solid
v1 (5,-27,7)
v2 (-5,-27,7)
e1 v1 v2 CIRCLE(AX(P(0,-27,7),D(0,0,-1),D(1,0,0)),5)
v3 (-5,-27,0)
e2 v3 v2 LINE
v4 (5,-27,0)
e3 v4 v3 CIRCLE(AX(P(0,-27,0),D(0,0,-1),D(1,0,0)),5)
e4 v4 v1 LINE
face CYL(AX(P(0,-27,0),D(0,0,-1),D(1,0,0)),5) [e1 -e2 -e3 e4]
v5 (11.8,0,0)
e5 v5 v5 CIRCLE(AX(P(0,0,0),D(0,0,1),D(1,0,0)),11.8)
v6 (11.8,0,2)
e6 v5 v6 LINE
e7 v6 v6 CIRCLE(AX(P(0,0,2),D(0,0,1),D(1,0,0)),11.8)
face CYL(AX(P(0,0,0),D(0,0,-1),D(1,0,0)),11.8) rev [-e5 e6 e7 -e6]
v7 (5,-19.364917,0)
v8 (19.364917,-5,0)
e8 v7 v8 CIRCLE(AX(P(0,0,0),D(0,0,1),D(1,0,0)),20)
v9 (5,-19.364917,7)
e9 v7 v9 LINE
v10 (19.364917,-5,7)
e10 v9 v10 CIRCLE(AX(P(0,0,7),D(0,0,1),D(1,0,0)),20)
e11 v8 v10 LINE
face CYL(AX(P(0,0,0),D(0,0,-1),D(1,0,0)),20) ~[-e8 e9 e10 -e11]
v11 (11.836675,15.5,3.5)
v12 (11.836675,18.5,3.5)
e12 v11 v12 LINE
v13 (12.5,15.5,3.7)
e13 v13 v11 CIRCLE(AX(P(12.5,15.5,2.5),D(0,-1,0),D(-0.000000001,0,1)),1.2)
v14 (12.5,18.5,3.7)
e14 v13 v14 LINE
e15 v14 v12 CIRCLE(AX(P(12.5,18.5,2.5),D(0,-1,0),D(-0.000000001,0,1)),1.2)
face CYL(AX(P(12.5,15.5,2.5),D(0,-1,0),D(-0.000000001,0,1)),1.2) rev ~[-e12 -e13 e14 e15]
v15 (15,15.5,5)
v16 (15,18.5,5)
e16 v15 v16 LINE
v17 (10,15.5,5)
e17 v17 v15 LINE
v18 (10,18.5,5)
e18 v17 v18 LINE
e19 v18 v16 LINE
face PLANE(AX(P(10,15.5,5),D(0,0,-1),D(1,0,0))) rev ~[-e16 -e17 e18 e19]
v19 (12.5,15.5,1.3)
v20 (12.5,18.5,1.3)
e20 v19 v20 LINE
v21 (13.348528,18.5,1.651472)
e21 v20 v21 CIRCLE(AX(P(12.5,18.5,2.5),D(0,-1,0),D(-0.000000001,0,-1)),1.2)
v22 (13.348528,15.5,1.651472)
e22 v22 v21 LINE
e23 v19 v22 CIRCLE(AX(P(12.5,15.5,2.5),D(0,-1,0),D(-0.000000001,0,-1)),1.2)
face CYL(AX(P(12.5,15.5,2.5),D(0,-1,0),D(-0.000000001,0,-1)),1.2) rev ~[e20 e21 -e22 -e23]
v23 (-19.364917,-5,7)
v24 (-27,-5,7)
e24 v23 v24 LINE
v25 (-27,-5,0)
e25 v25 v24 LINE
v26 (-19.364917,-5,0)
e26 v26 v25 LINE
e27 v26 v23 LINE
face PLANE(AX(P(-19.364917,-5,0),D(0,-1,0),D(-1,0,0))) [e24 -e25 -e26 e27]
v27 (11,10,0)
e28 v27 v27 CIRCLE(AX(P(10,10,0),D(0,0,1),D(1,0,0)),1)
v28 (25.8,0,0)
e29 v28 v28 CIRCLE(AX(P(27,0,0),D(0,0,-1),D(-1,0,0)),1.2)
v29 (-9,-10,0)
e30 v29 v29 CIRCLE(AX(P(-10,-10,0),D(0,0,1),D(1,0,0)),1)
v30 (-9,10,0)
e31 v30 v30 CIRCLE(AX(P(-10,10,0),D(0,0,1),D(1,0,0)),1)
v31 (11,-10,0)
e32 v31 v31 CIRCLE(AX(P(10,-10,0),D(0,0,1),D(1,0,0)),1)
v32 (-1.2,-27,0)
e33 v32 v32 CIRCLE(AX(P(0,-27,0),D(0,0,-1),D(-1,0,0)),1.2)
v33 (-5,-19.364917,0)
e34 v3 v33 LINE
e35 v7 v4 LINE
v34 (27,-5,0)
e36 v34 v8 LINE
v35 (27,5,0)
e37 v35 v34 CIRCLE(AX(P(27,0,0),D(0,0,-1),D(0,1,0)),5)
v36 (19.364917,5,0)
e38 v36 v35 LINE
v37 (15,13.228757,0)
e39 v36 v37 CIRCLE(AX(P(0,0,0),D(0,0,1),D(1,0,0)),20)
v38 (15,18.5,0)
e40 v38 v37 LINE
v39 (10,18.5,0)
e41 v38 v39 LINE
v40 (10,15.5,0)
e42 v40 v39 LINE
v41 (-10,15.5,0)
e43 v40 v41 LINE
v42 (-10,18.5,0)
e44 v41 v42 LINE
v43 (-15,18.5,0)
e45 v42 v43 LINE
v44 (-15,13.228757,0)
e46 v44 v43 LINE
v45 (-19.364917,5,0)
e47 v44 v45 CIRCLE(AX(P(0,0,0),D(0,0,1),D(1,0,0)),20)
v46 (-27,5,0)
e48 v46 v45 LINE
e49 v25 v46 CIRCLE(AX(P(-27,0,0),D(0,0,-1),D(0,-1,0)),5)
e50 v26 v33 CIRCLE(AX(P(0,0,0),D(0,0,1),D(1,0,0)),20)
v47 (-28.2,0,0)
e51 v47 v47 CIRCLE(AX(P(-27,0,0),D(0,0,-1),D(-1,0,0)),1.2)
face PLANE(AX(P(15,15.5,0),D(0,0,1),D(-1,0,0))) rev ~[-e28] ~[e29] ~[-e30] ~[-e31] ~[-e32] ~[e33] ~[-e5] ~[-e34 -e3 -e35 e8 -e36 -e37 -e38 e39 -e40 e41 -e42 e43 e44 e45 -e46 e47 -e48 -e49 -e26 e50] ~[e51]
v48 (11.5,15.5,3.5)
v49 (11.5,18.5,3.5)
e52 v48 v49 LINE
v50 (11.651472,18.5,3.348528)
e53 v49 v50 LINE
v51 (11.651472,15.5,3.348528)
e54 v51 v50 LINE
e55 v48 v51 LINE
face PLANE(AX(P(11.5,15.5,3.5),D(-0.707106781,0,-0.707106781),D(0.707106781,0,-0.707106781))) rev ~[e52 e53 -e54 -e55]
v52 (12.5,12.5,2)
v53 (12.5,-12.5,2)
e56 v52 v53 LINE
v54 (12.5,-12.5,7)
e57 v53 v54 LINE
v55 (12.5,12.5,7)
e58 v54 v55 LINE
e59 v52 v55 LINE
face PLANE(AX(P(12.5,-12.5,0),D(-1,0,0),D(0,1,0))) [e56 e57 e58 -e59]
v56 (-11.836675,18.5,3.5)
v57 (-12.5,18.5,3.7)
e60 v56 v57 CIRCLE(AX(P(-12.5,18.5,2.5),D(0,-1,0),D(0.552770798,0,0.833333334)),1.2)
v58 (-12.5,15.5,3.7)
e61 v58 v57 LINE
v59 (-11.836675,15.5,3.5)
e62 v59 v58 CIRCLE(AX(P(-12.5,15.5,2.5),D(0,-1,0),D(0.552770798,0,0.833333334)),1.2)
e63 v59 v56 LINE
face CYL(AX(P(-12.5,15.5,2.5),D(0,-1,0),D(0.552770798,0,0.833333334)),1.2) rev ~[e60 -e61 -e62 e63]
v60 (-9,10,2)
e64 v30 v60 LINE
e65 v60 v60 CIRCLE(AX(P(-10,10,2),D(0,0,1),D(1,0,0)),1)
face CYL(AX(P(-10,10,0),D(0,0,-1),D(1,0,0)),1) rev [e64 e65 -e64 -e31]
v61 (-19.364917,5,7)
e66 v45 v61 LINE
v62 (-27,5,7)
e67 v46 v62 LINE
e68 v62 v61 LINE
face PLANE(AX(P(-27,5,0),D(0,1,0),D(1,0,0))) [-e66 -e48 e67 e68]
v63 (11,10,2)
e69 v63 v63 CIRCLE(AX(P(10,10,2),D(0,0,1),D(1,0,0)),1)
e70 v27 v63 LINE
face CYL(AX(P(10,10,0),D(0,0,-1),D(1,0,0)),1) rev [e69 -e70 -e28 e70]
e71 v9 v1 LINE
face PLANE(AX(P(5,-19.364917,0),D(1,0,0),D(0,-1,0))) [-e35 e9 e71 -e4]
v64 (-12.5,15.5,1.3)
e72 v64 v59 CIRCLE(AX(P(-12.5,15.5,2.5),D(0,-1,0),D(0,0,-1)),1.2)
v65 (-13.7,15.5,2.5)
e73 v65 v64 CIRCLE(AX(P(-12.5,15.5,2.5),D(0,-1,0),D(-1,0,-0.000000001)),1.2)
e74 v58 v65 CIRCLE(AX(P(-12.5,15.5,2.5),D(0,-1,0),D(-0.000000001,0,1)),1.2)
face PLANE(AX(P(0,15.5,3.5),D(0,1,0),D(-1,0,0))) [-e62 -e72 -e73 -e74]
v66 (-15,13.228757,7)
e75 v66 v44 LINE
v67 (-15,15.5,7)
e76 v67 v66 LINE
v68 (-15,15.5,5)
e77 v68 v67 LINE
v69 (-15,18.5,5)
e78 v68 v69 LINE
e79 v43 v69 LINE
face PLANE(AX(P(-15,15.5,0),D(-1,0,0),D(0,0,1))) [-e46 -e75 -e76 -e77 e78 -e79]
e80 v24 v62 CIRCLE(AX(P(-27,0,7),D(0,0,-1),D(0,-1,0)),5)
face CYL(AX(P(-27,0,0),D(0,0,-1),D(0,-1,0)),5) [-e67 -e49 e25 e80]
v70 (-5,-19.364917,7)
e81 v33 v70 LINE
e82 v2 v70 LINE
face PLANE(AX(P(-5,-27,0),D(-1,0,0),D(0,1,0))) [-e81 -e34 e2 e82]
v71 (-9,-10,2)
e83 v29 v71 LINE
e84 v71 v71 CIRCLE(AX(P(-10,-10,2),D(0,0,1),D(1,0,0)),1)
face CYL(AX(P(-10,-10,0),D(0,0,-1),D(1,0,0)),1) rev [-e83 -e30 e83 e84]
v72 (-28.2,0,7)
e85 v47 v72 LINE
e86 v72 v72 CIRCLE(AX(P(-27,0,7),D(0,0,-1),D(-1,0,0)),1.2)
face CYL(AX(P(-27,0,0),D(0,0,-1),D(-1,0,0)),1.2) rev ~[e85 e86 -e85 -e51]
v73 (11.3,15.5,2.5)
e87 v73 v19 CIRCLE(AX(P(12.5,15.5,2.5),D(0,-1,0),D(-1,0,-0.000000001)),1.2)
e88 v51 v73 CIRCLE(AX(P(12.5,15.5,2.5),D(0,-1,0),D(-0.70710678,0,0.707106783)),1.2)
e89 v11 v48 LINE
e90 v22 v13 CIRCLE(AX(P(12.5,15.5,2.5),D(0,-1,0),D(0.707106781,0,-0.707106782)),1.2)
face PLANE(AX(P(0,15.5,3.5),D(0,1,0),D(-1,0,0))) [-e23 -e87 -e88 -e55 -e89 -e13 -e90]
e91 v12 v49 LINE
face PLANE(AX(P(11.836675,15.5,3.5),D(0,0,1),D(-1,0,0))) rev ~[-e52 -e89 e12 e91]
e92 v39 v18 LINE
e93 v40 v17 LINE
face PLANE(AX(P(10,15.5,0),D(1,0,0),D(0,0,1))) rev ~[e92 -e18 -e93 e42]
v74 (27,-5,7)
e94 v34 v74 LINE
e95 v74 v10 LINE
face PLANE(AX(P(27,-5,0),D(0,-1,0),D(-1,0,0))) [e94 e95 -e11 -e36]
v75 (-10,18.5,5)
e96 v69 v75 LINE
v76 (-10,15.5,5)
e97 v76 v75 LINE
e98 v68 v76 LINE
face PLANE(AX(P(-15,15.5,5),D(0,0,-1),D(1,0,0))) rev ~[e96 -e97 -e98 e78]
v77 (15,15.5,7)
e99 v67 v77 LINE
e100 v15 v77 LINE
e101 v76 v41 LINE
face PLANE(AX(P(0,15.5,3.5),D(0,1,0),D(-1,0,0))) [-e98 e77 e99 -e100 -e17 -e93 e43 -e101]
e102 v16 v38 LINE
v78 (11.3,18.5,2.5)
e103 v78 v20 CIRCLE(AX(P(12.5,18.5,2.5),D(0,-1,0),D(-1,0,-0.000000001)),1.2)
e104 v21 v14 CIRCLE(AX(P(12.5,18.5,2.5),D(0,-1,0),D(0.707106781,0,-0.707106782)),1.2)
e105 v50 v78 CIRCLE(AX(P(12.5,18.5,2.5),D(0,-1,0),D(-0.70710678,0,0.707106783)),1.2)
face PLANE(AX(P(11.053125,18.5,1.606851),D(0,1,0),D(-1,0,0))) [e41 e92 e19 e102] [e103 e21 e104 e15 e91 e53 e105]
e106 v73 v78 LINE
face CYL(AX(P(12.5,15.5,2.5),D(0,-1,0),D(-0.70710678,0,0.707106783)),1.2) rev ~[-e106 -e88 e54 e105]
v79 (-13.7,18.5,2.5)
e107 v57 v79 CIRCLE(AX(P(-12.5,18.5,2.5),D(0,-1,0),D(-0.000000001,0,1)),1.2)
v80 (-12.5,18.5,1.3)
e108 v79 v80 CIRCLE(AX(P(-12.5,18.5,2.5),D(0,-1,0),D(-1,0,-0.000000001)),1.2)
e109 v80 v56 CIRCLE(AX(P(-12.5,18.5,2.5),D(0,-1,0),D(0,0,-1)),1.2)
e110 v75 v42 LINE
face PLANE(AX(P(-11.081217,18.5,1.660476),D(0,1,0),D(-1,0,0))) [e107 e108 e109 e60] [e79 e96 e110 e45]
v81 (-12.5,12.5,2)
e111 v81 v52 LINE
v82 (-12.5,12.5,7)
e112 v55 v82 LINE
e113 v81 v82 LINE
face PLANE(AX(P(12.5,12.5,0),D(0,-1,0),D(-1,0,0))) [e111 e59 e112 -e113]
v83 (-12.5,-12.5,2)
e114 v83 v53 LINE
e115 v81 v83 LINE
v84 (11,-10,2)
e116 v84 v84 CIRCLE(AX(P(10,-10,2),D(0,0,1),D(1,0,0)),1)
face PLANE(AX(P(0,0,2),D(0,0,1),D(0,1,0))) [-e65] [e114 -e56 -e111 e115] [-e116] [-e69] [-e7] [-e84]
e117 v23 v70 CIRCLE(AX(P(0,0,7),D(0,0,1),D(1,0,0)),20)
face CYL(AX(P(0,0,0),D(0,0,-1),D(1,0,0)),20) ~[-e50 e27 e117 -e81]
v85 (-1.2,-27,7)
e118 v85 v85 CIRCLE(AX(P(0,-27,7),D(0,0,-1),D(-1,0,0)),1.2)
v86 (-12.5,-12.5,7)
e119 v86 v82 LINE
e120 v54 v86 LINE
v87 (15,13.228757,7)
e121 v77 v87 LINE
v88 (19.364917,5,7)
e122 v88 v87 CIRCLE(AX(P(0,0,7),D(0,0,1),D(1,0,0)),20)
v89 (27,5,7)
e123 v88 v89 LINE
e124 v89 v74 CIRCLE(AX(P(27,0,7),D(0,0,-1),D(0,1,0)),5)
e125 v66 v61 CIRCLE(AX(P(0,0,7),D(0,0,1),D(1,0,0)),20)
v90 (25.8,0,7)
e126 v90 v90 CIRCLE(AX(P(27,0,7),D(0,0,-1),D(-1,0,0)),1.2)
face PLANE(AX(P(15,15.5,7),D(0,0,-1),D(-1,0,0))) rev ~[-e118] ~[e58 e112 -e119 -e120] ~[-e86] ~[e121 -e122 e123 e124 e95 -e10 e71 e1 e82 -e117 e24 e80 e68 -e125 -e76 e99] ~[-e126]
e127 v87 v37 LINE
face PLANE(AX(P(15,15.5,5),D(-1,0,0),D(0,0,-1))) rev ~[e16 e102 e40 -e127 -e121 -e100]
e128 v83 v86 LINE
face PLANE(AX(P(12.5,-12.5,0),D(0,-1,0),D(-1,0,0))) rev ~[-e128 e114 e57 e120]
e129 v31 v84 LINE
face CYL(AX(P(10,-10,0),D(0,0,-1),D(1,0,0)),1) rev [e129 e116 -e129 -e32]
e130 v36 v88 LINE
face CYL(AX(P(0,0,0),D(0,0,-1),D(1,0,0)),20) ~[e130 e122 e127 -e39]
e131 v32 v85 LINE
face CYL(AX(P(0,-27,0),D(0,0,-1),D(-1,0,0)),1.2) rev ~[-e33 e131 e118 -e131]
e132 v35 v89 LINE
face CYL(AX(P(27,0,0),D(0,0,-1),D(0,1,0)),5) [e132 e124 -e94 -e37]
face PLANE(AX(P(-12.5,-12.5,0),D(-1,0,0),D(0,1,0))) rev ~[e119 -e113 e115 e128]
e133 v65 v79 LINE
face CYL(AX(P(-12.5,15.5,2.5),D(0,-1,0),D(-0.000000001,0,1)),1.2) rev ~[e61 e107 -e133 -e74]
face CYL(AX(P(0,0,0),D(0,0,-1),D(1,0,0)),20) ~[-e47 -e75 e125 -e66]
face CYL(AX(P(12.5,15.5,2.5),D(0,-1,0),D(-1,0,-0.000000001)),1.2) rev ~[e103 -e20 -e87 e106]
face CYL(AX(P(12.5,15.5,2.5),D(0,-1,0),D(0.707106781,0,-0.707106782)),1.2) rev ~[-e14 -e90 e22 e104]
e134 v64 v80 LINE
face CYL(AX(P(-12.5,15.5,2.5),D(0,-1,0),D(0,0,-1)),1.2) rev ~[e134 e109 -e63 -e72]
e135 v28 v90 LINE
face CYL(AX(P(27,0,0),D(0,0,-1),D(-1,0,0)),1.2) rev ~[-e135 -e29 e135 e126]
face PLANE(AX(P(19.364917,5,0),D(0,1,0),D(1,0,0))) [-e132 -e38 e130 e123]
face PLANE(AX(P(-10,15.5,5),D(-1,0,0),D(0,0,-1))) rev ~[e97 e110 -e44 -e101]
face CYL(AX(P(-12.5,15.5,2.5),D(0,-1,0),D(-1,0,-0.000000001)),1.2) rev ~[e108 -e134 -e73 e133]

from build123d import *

# Parameters (mm, degrees)
SKETCH2_R           = 20
SKETCH2_W           = 25
SKETCH2_H           = 25
SKETCH2_R_2         = 11.8
SKETCH2_R_3         = 1
BOSS_EXTRUDE1_DEPTH = 2
SKETCH2_3_R         = 20
SKETCH2_3_W         = 25
SKETCH2_3_H         = 25
BOSS_EXTRUDE2_DEPTH = 7
SKETCH4_R           = 1.2
BOSS_EXTRUDE3_DEPTH = 7
CUT_EXTRUDE8_START  = -7
SKETCH5_R           = 1.2
CUT_EXTRUDE8_DEPTH  = 7
SKETCH8_W           = 30
SKETCH8_H           = 7
BOSS_EXTRUDE5_DEPTH = 2.5
SKETCH9_W           = 30
SKETCH9_H           = 1.472120536
CUT_EXTRUDE9_DEPTH  = 12.5
BOSS_EXTRUDE6_DEPTH = 3


with BuildPart() as part:
    # Sketch2 → Boss-Extrude1 (new body)
    # profile 1 of 2: a face of its own
    with BuildSketch(Plane(origin=(0, 0, 0), x_dir=(0, 1, 0), z_dir=(0, 0, 1))):
        with Locations(Location((0, 0, 0), (0, 0, 270))):
            Circle(SKETCH2_R)
        Rectangle(SKETCH2_W, SKETCH2_H, mode=Mode.SUBTRACT)
    # profile 2 of 2: a face of its own
    with BuildSketch(Plane(origin=(0, 0, 0), x_dir=(0, 1, 0), z_dir=(0, 0, 1))):
        Rectangle(SKETCH2_W, SKETCH2_H)
        with Locations(Location((0, 0, 0), (0, 0, 270))):
            Circle(SKETCH2_R_2, mode=Mode.SUBTRACT)
        with Locations(Location((-10, -10, 0), (0, 0, 270))):
            Circle(SKETCH2_R_3, mode=Mode.SUBTRACT)
        with Locations(Location((10, -10, 0), (0, 0, 270))):
            Circle(SKETCH2_R_3, mode=Mode.SUBTRACT)
        with Locations(Location((10, 10, 0), (0, 0, 270))):
            Circle(SKETCH2_R_3, mode=Mode.SUBTRACT)
        with Locations(Location((-10, 10, 0), (0, 0, 270))):
            Circle(SKETCH2_R_3, mode=Mode.SUBTRACT)
    extrude(amount=BOSS_EXTRUDE1_DEPTH)

    # Sketch2<3> → Boss-Extrude2 (add)
    with BuildSketch(Plane(origin=(0, 0, 0), x_dir=(0, 1, 0), z_dir=(0, 0, 1))):
        with Locations(Location((0, 0, 0), (0, 0, 270))):
            Circle(SKETCH2_3_R)
        Rectangle(SKETCH2_3_W, SKETCH2_3_H, mode=Mode.SUBTRACT)
    extrude(amount=BOSS_EXTRUDE2_DEPTH)

    # Sketch4 → Boss-Extrude3 (add)
    # profile 1 of 4: a face of its own
    with BuildSketch(Plane(origin=(0, 0, 0), x_dir=(1, 0, 0), z_dir=(0, 0, -1))):
        with BuildLine():
            ThreePointArc((19.364916731, 5), (20, 0), (19.364916731, -5))
            Line((19.364916731, -5), (27, -5))
            ThreePointArc((27, -5), (32, 0), (27, 5))
            Line((27, 5), (19.364916731, 5))
        make_face()
        with Locations(Location((27, 0, 0), (0, 0, 180))):
            Circle(SKETCH4_R, mode=Mode.SUBTRACT)
    # profile 2 of 4: a face of its own
    with BuildSketch(Plane(origin=(0, 0, 0), x_dir=(1, 0, 0), z_dir=(0, 0, -1))):
        with BuildLine():
            ThreePointArc((-5, 19.364916731), (0, 20), (5, 19.364916731))
            Line((5, 19.364916731), (5, 27))
            ThreePointArc((5, 27), (0, 32), (-5, 27))
            Line((-5, 27), (-5, 19.364916731))
        make_face()
        with Locations(Location((0, 27, 0), (0, 0, 180))):
            Circle(SKETCH4_R, mode=Mode.SUBTRACT)
    # profile 3 of 4: a face of its own
    with BuildSketch(Plane(origin=(0, 0, 0), x_dir=(1, 0, 0), z_dir=(0, 0, -1))):
        with BuildLine():
            Line((5, -27), (5, -19.364916731))
            ThreePointArc((5, -19.364916731), (0, -20), (-5, -19.364916731))
            Line((-5, -19.364916731), (-5, -27))
            ThreePointArc((-5, -27), (0, -32), (5, -27))
        make_face()
        with Locations(Location((0, -27, 0), (0, 0, 180))):
            Circle(SKETCH4_R, mode=Mode.SUBTRACT)
    # profile 4 of 4: a face of its own
    with BuildSketch(Plane(origin=(0, 0, 0), x_dir=(1, 0, 0), z_dir=(0, 0, -1))):
        with BuildLine():
            ThreePointArc((-19.364916731, -5), (-20, 0), (-19.364916731, 5))
            Line((-19.364916731, 5), (-27, 5))
            ThreePointArc((-27, 5), (-32, 0), (-27, -5))
            Line((-27, -5), (-19.364916731, -5))
        make_face()
        with Locations(Location((-27, 0, 0), (0, 0, 180))):
            Circle(SKETCH4_R, mode=Mode.SUBTRACT)
    extrude(amount=-BOSS_EXTRUDE3_DEPTH)

    # Sketch5 → Cut-Extrude8 (cut)
    with BuildSketch(Plane.XY.offset(7).offset(CUT_EXTRUDE8_START)):
        with BuildLine():
            Line((-12.5, 15.612494996), (-12.5, 15.5))
            Line((-12.5, 15.5), (12.5, 15.5))
            Line((12.5, 15.5), (12.5, 15.612494996))
            ThreePointArc((12.5, 15.612494996), (8.948891955, 17.886233052), (5, 19.364916731))
            Line((5, 19.364916731), (5, 27))
            ThreePointArc((5, 27), (0, 32), (-5, 27))
            Line((-5, 27), (-5, 19.364916731))
            ThreePointArc((-5, 19.364916731), (-8.948891955, 17.886233052), (-12.5, 15.612494996))
        make_face()
        with Locations((0, 27)):
            Circle(SKETCH5_R, mode=Mode.SUBTRACT)
    extrude(amount=CUT_EXTRUDE8_DEPTH, mode=Mode.SUBTRACT)

    # Sketch8 → Boss-Extrude5 (add)
    with BuildSketch(Plane(origin=(0, 15.5, 0), x_dir=(-1, 0, 0), z_dir=(0, 1, 0))):
        with Locations((0, 3.5)):
            Rectangle(SKETCH8_W, SKETCH8_H)
    extrude(amount=-BOSS_EXTRUDE5_DEPTH)

    # Sketch9 → Cut-Extrude9 (cut)
    with BuildSketch(Plane.XY.offset(7)):
        with Locations((0, 16.236060268)):
            Rectangle(SKETCH9_W, SKETCH9_H)
    extrude(amount=-CUT_EXTRUDE9_DEPTH, mode=Mode.SUBTRACT)

    # Sketch8<5> → Boss-Extrude6 (add)
    with BuildSketch(Plane(origin=(0, 15.5, 0), x_dir=(-1, 0, 0), z_dir=(0, 1, 0))):
        with BuildLine():
            Line((-10, 3.5), (-11.5, 3.5))
            Line((-11.5, 3.5), (-11.651471863, 3.348528137))
            ThreePointArc((-11.651471863, 3.348528137), (-11.391344561, 2.959220119), (-11.3, 2.5))
            ThreePointArc((-11.3, 2.5), (-11.651471863, 1.651471863), (-12.5, 1.3))
            Line((-12.5, 1.3), (-12.5, 0))
            Line((-12.5, 0), (-10, 0))
            Line((-10, 0), (-10, 3.5))
        make_face()
        with BuildLine():
            ThreePointArc((-12.5, 1.3), (-12.959220119, 1.391344561), (-13.348528137, 1.651471863))
            Line((-13.348528137, 1.651471863), (-15, 0))
            Line((-15, 0), (-12.5, 0))
            Line((-12.5, 0), (-12.5, 1.3))
        make_face()
        with BuildLine():
            ThreePointArc((-13.348528137, 1.651471863), (-13.608655439, 2.959220119), (-12.5, 3.7))
            Line((-12.5, 3.7), (-12.5, 5))
            Line((-12.5, 5), (-15, 5))
            Line((-15, 5), (-15, 0))
            Line((-15, 0), (-13.348528137, 1.651471863))
        make_face()
        with BuildLine():
            ThreePointArc((-12.5, 3.7), (-12.153589838, 3.648912529), (-11.836675042, 3.5))
            Line((-11.836675042, 3.5), (-11.5, 3.5))
            Line((-11.5, 3.5), (-10, 5))
            Line((-10, 5), (-12.5, 5))
            Line((-12.5, 5), (-12.5, 3.7))
        make_face()
        Polygon((-10, 5), (-11.5, 3.5), (-10, 3.5), align=None)
        with BuildLine():
            Line((11.836675042, 3.5), (10, 3.5))
            Line((10, 3.5), (10, 0))
            Line((10, 0), (12.5, 0))
            Line((12.5, 0), (12.5, 1.3))
            ThreePointArc((12.5, 1.3), (11.351087471, 2.153589838), (11.836675042, 3.5))
        make_face()
        with BuildLine():
            Line((10, 5), (10, 3.5))
            Line((10, 3.5), (11.836675042, 3.5))
            ThreePointArc((11.836675042, 3.5), (12.153589838, 3.648912529), (12.5, 3.7))
            Line((12.5, 3.7), (12.5, 5))
            Line((12.5, 5), (10, 5))
        make_face()
        with BuildLine():
            Line((15, 5), (12.5, 5))
            Line((12.5, 5), (12.5, 3.7))
            ThreePointArc((12.5, 3.7), (13.348528137, 3.348528137), (13.7, 2.5))
            ThreePointArc((13.7, 2.5), (13.348528137, 1.651471863), (12.5, 1.3))
            Line((12.5, 1.3), (12.5, 0))
            Line((12.5, 0), (15, 0))
            Line((15, 0), (15, 5))
        make_face()
    extrude(amount=BOSS_EXTRUDE6_DEPTH)


solid = part.part
